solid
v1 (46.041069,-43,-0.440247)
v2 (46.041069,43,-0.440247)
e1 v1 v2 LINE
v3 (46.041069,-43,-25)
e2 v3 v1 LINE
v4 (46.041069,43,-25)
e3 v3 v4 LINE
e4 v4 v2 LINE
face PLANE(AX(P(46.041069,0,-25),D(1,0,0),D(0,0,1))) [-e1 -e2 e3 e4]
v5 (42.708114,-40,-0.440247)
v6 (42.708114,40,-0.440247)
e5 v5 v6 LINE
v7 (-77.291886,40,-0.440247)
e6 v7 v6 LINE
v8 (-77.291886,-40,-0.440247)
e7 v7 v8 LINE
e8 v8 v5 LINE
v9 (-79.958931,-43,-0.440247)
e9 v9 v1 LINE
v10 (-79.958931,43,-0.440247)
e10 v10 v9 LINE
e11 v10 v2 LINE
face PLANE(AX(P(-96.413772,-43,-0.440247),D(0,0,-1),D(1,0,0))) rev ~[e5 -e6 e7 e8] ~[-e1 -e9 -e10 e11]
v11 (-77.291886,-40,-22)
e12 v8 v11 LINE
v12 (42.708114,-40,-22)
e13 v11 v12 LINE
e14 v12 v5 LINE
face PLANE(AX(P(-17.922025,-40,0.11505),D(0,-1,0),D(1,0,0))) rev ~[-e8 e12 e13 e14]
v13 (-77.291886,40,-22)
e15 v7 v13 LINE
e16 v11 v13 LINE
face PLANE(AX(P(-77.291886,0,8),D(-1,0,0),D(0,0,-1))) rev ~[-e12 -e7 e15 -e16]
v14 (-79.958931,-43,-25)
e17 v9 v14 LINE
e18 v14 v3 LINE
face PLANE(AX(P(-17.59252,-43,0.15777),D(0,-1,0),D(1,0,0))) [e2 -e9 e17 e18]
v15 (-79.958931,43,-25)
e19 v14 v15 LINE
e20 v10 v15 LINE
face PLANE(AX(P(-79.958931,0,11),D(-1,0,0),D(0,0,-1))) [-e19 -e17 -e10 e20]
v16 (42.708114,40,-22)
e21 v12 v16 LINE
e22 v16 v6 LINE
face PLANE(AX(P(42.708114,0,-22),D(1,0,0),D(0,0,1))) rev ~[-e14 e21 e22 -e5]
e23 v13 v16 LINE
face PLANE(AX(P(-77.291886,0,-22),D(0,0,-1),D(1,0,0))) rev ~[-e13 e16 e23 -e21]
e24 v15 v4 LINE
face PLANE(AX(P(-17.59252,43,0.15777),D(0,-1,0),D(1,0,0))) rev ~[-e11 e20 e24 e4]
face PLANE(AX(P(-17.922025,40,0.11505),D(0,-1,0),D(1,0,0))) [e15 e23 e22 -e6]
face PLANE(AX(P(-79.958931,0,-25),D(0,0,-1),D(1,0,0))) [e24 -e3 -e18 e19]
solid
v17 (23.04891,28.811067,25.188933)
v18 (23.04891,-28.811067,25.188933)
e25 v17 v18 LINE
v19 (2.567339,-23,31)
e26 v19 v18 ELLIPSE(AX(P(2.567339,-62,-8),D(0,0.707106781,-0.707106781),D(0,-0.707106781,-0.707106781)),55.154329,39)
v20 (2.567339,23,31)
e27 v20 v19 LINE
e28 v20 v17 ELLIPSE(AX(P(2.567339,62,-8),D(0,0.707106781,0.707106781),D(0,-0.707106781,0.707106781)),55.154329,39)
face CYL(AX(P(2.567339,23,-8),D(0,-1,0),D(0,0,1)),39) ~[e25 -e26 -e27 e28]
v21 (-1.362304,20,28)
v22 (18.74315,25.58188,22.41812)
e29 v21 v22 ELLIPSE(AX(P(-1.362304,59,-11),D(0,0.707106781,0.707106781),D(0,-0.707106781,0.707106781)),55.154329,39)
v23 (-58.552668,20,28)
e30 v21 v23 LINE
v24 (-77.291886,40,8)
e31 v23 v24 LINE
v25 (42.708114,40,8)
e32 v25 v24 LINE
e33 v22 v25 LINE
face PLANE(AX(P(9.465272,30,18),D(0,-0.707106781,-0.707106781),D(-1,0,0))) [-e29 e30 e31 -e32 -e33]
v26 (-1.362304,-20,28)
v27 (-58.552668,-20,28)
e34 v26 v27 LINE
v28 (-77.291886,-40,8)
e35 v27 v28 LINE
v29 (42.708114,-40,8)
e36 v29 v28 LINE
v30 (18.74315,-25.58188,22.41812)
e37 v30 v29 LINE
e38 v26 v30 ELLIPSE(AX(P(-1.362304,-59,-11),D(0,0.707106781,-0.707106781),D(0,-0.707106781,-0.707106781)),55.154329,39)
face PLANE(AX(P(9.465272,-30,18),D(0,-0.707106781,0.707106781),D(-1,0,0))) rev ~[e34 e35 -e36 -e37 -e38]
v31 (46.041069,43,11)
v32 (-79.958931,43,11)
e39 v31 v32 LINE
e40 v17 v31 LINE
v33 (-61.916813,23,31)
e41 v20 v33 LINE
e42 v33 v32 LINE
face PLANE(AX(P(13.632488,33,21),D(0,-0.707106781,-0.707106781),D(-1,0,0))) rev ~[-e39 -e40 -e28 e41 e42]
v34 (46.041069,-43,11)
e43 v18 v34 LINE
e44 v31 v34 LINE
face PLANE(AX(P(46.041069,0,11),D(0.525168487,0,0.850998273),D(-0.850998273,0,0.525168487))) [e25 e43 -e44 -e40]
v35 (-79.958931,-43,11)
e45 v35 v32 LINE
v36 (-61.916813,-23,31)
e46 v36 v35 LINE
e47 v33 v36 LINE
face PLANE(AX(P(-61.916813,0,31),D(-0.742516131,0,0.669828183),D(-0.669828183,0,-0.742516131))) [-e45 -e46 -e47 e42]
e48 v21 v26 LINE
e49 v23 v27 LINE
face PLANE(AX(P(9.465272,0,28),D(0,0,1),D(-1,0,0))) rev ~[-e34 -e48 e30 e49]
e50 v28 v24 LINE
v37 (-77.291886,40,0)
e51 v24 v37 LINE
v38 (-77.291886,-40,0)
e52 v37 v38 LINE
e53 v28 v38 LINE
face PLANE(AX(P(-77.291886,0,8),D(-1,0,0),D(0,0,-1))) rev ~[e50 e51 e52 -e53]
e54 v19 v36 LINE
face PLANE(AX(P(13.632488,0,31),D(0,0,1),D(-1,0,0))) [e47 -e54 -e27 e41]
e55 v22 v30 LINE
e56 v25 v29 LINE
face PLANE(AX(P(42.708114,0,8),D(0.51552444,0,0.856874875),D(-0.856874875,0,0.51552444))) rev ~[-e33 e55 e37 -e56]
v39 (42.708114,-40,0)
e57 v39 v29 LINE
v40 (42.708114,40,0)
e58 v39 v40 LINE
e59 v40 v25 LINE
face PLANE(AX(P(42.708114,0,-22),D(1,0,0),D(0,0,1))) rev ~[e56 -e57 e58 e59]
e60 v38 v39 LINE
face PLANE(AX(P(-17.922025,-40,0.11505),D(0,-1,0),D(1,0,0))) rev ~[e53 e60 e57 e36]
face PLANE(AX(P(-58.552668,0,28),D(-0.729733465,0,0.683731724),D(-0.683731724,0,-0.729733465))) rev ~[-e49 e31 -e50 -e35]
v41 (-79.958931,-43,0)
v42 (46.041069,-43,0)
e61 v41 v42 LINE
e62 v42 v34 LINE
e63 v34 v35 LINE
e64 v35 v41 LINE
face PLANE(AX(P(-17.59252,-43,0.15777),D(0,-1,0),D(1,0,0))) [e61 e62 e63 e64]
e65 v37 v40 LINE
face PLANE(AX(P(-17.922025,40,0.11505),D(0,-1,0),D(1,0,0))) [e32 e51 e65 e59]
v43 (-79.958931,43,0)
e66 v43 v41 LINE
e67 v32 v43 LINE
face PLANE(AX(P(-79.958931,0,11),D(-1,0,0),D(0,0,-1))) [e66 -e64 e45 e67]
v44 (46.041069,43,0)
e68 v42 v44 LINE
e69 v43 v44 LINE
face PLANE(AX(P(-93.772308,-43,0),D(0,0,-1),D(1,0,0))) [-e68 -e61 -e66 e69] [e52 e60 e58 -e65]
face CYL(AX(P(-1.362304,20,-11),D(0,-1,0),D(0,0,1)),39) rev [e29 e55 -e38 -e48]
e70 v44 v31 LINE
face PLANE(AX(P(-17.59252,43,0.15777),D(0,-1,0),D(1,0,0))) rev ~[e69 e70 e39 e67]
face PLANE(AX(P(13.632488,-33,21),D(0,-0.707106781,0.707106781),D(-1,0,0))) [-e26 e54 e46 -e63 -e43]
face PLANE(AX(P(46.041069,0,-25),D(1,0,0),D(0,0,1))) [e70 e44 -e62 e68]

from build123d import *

# Parameters (mm, degrees)
PAD001_DEPTH    = 40
CHAMFER001_SIZE = 20
FILLET001_R     = 39
PAD_DEPTH       = 43
CHAMFER_SIZE    = 20
FILLET_R        = 39
SKETCH002_W     = 164.651825
SKETCH002_H     = 44.684922
POCKET_DEPTH    = 86
SKETCH003_W     = 173.456756
SKETCH003_H     = 38.741608
POCKET001_DEPTH = 86


with BuildPart() as fillet001:
    # Sketch001 → Pad001 (new body, symmetric)
    with BuildSketch(Plane(origin=(0, 0, -25), x_dir=(1, 0, 0), z_dir=(0, -1, 0))):
        Polygon((42.708114, 3), (42.708114, 33), (9.465272, 53), (-58.552668, 53), (-77.291886, 33), (-77.291886, 3), align=None)
    extrude(amount=PAD001_DEPTH, both=True)

    # Chamfer001
    chamfer001_edges = [fillet001.edges().sort_by_distance(p)[0] for p in [
        (-24.543698, 40, 28),
        (-24.543698, -40, 28),
    ]]
    chamfer(chamfer001_edges, length=CHAMFER001_SIZE)

    # Fillet001
    fillet001_edges = [fillet001.edges().sort_by_distance(p)[0] for p in [
        (9.465272, 0, 28),
    ]]
    fillet(fillet001_edges, radius=FILLET001_R)


with BuildPart() as cut:
    # Sketch → Pad (new body, symmetric)
    with BuildSketch(Plane(origin=(0, 0, -25), x_dir=(1, 0, 0), z_dir=(0, -1, 0))):
        Polygon((46.041069, 0), (46.041069, 36), (13.632488, 56), (-61.916813, 56), (-79.958931, 36), (-79.958931, 0), align=None)
    extrude(amount=PAD_DEPTH, both=True)

    # Chamfer
    chamfer_edges = [cut.edges().sort_by_distance(p)[0] for p in [
        (-24.142162, 43, 31),
        (-24.142162, -43, 31),
    ]]
    chamfer(chamfer_edges, length=CHAMFER_SIZE)

    # Fillet
    fillet_edges = [cut.edges().sort_by_distance(p)[0] for p in [
        (13.632488, 0, 31),
    ]]
    fillet(fillet_edges, radius=FILLET_R)

    # Cut: cut Fillet001
    add(fillet001.part, mode=Mode.SUBTRACT)


with BuildPart() as pocket:
    # Pocket base: copy of Cut
    add(cut.part)

    # Sketch002 → Pocket (cut)
    with BuildSketch(Plane.XZ.offset(43)):
        with Locations((-14.08786, 21.902214)):
            Rectangle(SKETCH002_W, SKETCH002_H)
    extrude(amount=-POCKET_DEPTH, mode=Mode.SUBTRACT)


with BuildPart() as pocket001:
    # Pocket001 base: copy of Cut
    add(cut.part)

    # Sketch003 → Pocket001 (cut)
    with BuildSketch(Plane.XZ.offset(43)):
        with Locations((-7.04393, -19.370804)):
            Rectangle(SKETCH003_W, SKETCH003_H)
    extrude(amount=-POCKET001_DEPTH, mode=Mode.SUBTRACT)


solid = Compound([pocket.part, pocket001.part])
